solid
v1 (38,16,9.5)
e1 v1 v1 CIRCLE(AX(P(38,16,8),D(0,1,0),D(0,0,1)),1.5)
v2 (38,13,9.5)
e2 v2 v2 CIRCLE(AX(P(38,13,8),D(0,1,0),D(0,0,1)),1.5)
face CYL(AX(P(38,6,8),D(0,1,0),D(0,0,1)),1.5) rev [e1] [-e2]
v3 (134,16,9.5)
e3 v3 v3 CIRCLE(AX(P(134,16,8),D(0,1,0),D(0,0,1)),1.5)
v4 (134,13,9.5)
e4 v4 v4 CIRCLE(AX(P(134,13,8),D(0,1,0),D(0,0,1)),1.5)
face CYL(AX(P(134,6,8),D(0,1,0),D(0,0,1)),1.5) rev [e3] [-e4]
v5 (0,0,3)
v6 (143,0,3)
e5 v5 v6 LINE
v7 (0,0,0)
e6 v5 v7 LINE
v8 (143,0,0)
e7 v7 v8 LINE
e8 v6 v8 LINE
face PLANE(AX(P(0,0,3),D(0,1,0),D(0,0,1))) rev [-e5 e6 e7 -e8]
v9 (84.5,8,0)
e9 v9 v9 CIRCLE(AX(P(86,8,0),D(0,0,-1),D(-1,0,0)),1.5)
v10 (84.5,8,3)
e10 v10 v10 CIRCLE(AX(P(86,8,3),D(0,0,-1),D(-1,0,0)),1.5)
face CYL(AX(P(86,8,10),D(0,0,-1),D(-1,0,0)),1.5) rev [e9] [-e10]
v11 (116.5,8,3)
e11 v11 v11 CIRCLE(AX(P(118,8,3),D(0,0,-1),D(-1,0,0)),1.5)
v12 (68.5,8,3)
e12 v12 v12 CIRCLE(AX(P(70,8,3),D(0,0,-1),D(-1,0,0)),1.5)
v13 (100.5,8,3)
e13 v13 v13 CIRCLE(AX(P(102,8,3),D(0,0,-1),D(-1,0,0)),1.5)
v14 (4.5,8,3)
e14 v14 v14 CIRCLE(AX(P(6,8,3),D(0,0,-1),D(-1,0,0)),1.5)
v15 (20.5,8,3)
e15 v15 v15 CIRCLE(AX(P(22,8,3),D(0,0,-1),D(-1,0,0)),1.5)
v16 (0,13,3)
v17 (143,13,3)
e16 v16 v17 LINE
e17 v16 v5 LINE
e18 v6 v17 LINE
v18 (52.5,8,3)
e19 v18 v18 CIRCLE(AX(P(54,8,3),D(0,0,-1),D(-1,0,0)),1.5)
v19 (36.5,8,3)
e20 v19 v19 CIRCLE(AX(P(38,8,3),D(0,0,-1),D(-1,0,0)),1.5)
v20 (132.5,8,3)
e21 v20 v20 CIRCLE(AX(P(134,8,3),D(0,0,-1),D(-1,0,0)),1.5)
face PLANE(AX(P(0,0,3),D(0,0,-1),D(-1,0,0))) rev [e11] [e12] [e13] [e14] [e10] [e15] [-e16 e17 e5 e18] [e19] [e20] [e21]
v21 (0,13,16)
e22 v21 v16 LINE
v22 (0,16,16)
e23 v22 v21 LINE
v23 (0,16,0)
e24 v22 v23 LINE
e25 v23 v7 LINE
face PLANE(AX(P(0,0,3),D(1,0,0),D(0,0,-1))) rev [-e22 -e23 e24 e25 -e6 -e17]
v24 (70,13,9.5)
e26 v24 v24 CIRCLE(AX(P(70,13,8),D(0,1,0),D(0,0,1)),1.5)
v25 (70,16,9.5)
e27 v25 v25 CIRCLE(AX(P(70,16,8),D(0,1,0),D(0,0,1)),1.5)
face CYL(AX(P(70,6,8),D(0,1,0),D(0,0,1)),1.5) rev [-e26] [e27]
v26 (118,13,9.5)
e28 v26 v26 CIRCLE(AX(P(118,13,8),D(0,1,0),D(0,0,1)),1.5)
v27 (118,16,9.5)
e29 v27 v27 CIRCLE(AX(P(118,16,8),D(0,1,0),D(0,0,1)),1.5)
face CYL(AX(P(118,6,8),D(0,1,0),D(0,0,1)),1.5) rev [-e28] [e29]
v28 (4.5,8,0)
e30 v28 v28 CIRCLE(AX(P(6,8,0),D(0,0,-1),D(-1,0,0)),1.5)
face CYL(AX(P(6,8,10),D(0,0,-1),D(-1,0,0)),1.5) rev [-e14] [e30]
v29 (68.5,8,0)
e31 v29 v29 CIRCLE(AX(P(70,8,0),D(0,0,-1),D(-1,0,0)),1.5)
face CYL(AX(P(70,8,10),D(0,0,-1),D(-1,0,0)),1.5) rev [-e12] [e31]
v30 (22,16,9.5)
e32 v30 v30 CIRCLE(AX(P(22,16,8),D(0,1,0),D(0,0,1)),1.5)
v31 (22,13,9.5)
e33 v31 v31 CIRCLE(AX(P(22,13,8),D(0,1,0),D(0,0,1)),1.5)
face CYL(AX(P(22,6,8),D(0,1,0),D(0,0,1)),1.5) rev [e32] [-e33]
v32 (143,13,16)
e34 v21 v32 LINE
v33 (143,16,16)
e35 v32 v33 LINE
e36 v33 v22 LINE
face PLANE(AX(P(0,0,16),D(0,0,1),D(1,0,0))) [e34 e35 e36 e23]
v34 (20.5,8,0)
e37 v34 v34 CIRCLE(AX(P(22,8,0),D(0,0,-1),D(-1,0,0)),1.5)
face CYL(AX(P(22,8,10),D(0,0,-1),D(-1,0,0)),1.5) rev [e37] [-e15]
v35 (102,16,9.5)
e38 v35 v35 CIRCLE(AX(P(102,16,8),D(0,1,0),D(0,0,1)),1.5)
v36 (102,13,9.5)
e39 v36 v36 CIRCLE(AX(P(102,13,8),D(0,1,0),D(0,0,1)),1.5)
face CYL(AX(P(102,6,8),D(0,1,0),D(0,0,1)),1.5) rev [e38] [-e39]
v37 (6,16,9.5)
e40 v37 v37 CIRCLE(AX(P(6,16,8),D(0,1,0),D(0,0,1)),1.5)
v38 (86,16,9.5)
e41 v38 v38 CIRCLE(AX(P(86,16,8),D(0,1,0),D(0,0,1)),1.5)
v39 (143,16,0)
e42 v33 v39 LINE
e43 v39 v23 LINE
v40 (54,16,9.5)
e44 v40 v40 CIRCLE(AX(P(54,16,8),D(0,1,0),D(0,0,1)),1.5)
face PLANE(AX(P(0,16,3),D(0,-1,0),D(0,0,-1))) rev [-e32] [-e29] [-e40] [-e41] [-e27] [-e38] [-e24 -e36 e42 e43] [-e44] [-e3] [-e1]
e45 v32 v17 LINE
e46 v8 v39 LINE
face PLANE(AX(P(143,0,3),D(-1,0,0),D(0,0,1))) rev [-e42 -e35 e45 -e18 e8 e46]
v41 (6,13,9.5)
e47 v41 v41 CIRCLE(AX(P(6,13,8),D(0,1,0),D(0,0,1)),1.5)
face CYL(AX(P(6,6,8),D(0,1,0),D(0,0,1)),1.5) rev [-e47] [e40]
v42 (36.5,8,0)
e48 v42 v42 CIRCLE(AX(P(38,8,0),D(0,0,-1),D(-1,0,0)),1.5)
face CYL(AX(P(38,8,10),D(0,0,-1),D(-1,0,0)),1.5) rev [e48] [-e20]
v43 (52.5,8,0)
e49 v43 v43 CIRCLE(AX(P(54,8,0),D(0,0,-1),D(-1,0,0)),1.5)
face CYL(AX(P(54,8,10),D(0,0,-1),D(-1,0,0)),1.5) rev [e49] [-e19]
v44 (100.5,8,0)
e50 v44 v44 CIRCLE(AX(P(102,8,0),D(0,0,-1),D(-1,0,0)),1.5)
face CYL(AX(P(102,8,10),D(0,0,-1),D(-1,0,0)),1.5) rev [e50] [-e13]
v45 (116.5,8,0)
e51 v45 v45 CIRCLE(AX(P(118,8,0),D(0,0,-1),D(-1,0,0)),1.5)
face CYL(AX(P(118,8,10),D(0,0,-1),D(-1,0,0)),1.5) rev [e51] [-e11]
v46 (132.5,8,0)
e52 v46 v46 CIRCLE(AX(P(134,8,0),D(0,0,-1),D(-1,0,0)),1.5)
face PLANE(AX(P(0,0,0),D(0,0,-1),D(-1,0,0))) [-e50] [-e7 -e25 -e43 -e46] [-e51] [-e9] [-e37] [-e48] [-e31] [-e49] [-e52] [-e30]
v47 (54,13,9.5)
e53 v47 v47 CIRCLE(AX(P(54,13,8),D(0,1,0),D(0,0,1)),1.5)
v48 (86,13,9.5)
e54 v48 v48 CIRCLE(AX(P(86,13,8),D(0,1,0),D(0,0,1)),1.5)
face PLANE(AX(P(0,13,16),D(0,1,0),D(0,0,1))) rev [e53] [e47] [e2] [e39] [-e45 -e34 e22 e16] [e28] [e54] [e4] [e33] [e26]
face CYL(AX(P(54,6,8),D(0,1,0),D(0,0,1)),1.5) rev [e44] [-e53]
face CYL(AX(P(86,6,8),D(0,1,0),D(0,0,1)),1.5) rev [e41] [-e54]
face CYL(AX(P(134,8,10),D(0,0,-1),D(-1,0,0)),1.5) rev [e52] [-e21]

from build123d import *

# Parameters (mm, degrees)
ESQUISSE1_W                = 143
ESQUISSE1_H                = 16
BOSS_EXTRU_1_DEPTH         = 3
ESQUISSE2_W                = 143
ESQUISSE2_H                = 3
BOSS_EXTRU_2_DEPTH         = 13
ESQUISSE4_R                = 1.5
ENL_V_MAT_EXTRU_1_DEPTH    = 10
R_P_TITION_LIN_AIRE1_COUNT = 9
R_P_TITION_LIN_AIRE1_PITCH = 16
ESQUISSE5_R                = 1.5
ENL_V_MAT_EXTRU_2_DEPTH    = 10
R_P_TITION_LIN_AIRE2_COUNT = 9
R_P_TITION_LIN_AIRE2_PITCH = 16


with BuildPart() as part:
    # Esquisse1 → Boss.-Extru.1 (new body)
    with BuildSketch(Plane.XY):
        with Locations((71.5, 8)):
            Rectangle(ESQUISSE1_W, ESQUISSE1_H)
    extrude(amount=BOSS_EXTRU_1_DEPTH)

    # Esquisse2 → Boss.-Extru.2 (add)
    with BuildSketch(Plane.XY.offset(3)):
        with Locations((71.5, 14.5)):
            Rectangle(ESQUISSE2_W, ESQUISSE2_H)
    extrude(amount=BOSS_EXTRU_2_DEPTH)

    # Esquisse4 → Enlèv. mat.-Extru.1 (cut)
    with BuildSketch(Plane(origin=(0, 0, 0), x_dir=(-1, 0, 0), z_dir=(0, 0, -1))):
        with Locations((-134, 8)):
            Circle(ESQUISSE4_R)
    enl_v_mat_extru_1 = extrude(amount=-ENL_V_MAT_EXTRU_1_DEPTH, mode=Mode.SUBTRACT)

    # Répétition linéaire1: Enlèv. mat.-Extru.1 ×9
    with Locations(*[(-i * R_P_TITION_LIN_AIRE1_PITCH, 0, 0) for i in range(1, R_P_TITION_LIN_AIRE1_COUNT)]):
        add(enl_v_mat_extru_1, mode=Mode.SUBTRACT)

    # Esquisse5 → Enlèv. mat.-Extru.2 (cut)
    with BuildSketch(Plane(origin=(0, 16, 0), x_dir=(1, 0, 0), z_dir=(0, 1, 0))):
        with Locations(Location((134, -8, 0), (0, 0, 270))):
            Circle(ESQUISSE5_R)
    enl_v_mat_extru_2 = extrude(amount=-ENL_V_MAT_EXTRU_2_DEPTH, mode=Mode.SUBTRACT)

    # Répétition linéaire2: Enlèv. mat.-Extru.2 ×9
    with Locations(*[(-i * R_P_TITION_LIN_AIRE2_PITCH, 0, 0) for i in range(1, R_P_TITION_LIN_AIRE2_COUNT)]):
        add(enl_v_mat_extru_2, mode=Mode.SUBTRACT)


solid = part.part
